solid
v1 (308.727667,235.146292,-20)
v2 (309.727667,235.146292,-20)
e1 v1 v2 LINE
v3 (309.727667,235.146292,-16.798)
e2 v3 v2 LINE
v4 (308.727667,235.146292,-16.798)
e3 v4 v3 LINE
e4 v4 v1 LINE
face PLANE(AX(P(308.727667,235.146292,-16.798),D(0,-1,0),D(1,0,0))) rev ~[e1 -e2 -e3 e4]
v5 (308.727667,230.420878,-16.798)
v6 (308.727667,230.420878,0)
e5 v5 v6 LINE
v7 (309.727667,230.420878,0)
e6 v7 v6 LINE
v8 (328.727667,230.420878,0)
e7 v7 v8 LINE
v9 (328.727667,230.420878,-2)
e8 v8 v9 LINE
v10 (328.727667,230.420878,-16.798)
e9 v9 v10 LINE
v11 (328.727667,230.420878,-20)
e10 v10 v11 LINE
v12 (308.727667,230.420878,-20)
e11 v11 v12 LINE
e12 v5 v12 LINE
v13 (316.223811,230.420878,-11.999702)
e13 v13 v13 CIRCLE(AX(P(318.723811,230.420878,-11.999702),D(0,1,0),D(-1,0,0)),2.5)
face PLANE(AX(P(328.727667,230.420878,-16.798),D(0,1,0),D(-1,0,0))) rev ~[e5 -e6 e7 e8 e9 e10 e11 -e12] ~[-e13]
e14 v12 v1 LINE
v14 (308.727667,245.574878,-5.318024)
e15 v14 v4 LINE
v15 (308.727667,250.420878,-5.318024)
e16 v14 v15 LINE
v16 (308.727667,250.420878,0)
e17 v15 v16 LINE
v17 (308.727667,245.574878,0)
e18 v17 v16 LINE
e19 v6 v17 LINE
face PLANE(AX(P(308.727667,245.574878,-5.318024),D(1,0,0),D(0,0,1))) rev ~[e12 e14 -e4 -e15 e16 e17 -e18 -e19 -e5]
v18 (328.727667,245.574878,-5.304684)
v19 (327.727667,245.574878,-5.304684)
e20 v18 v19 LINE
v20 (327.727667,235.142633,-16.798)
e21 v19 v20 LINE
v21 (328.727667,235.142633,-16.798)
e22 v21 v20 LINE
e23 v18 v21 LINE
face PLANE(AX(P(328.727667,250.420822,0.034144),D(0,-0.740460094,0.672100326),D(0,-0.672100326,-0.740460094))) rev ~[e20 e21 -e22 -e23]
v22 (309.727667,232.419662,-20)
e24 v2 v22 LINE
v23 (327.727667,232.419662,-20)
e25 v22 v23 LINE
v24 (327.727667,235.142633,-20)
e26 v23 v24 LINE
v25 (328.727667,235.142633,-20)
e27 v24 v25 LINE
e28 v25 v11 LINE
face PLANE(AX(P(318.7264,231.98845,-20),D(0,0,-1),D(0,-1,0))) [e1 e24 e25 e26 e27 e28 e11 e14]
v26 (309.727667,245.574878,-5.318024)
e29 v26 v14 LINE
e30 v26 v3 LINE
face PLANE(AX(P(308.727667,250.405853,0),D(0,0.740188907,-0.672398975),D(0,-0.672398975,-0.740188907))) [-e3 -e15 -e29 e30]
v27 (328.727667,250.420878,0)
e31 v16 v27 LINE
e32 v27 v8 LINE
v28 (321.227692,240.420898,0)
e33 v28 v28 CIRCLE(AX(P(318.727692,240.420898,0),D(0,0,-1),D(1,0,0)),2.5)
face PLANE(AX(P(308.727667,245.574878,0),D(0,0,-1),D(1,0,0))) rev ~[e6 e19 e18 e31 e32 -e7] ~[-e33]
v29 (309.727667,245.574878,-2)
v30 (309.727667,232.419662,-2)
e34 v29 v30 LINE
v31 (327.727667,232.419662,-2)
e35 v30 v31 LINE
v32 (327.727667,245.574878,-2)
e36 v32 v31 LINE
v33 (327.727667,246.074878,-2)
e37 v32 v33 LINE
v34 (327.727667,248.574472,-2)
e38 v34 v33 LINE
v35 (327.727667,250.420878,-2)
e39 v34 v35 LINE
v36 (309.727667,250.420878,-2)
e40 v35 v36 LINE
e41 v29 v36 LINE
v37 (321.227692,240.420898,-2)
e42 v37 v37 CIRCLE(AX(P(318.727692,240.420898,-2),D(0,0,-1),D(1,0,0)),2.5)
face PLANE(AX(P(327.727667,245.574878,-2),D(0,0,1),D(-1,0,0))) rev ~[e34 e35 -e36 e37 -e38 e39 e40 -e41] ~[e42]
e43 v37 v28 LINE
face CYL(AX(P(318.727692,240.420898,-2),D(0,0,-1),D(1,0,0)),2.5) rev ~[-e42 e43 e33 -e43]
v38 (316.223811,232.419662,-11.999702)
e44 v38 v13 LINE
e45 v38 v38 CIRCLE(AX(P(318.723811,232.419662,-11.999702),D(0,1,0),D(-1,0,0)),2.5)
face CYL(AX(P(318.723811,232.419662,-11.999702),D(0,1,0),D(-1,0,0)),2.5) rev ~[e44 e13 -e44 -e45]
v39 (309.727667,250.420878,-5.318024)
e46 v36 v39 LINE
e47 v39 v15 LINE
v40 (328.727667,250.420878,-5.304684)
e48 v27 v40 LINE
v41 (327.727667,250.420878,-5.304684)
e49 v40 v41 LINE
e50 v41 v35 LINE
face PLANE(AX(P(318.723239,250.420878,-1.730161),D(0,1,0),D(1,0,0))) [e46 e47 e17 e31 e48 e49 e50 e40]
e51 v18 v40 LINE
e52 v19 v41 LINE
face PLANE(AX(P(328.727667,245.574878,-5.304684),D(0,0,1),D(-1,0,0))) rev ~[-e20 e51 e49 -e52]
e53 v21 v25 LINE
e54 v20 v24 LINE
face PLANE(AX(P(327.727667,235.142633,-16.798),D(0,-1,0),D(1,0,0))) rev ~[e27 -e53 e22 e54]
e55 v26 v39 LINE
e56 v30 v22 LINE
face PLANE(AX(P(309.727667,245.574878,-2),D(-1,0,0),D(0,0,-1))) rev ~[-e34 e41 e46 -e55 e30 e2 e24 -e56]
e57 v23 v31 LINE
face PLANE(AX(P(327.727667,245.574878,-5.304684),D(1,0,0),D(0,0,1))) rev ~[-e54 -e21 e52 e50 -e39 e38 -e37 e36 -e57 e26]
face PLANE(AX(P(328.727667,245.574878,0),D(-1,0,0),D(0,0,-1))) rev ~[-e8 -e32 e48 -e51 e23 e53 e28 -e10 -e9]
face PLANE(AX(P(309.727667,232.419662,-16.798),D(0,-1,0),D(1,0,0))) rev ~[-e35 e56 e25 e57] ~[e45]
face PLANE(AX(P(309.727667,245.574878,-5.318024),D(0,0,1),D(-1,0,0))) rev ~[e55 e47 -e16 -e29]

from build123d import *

# Parameters (mm, degrees)
SKETCH_W           = 20
SKETCH_H           = 20
PAD_DEPTH          = 2
SKETCH001_W        = 21.291687
SKETCH001_H        = 2
PAD001_DEPTH       = 20
POCKET_DEPTH       = 43
PAD002_DEPTH       = 1
PAD003_DEPTH       = 1
SKETCH004_R        = 2.5
POCKET001_DEPTH    = 5
SKETCH005_R        = 2.5
POCKET002_DEPTH    = 5
POCKET003_DEPTH    = 5
POCKET003_FACE1_W  = 20
POCKET003_FACE1_H  = 2
POCKET004_DEPTH    = 1.846
POCKET005_DEPTH    = 2.202
POCKET006_DEPTH    = 5
SKETCH006_W        = 32.068451
SKETCH006_H        = 15.041733
POCKET007_DEPTH    = 5
POCKET008_DEPTH    = 2
POCKET009_DEPTH    = 2
POCKET010_DEPTH    = 0.5
POCKET011_DEPTH    = 0.5
POCKET011_FACE18_W = 2.5141439852
POCKET011_FACE18_H = 1
POCKET012_DEPTH    = 5
POCKET012_FACE12_W = 1
POCKET012_FACE12_H = 2.5
POCKET013_DEPTH    = 5
POCKET014_DEPTH    = 0.5
POCKET014_FACE5_W  = 1
POCKET014_FACE5_H  = 0.5
POCKET015_DEPTH    = 5
POCKET016_DEPTH    = 0.5
POCKET016_FACE4_W  = 0.5
POCKET016_FACE4_H  = 1
POCKET017_DEPTH    = 7.2
PAD004_DEPTH       = 3.202
PAD005_DEPTH       = 4.846


with BuildPart() as part:
    # Sketch → Pad (new body)
    with BuildSketch(Plane.XY):
        with Locations((318.7276667125, 240.4208782875)):
            Rectangle(SKETCH_W, SKETCH_H)
    extrude(amount=-PAD_DEPTH)

    # Sketch001 (on Face6 of Pad) → Pad001 (join)
    with BuildSketch(Plane(origin=(0, 0, -2), x_dir=(1, 0, 0), z_dir=(0, 0, -1))):
        with Locations((319.1250915, -231.419662)):
            Rectangle(SKETCH001_W, SKETCH001_H)
    extrude(amount=PAD001_DEPTH)

    # Pad001 Face5 → Pocket (cut)
    with BuildSketch(Plane(origin=(325.2175581813, 231.4103392408, -2), x_dir=(0, 1, 0), z_dir=(0, 0, 1))):
        Polygon((1.0093227592, 16.7383101813), (-0.9906772408, 16.7383101813), (-0.9906772408, -4.5533768187), (1.0093227592, -4.5533768187), (1.0093227592, -3.5101085312), (-0.9894609532, -3.5101085312), (-0.9894609532, 16.4898914688), (1.0093227592, 16.4898914688), align=None)
    extrude(amount=-POCKET_DEPTH, mode=Mode.SUBTRACT)

    # Sketch002 (on Face7 of Pocket) → Pad002 (join)
    with BuildSketch(Plane(origin=(308.7276667125, 0, 0), x_dir=(0, -1, 0), z_dir=(-1, 0, 0))):
        Polygon((-250.405853, 0), (-230.420715, -22), (-230.420715, 0), align=None)
    extrude(amount=-PAD002_DEPTH)

    # Sketch003 (on Face2 of Pad002) → Pad003 (join)
    with BuildSketch(Plane.YZ.offset(328.7276667125)):
        Polygon((230.420883, 0.034144), (250.420822, 0.034144), (230.420883, -22.000002), align=None)
    extrude(amount=-PAD003_DEPTH)

    # Sketch004 (on Face6 of Pad003) → Pocket001 (cut)
    with BuildSketch(Plane(origin=(0, 232.419662, 0), x_dir=(-1, 0, 0), z_dir=(0, 1, 0))):
        with Locations((-318.723811, -11.999702)):
            Circle(SKETCH004_R)
    extrude(amount=-POCKET001_DEPTH, mode=Mode.SUBTRACT)

    # Sketch005 (on Face5 of Pocket001) → Pocket002 (cut)
    with BuildSketch(Plane(origin=(0, 0, -2), x_dir=(1, 0, 0), z_dir=(0, 0, -1))):
        with Locations((318.727692, -240.420898)):
            Circle(SKETCH005_R)
    extrude(amount=-POCKET002_DEPTH, mode=Mode.SUBTRACT)

    # Pocket002 Face19 → Pocket003 (cut)
    with BuildSketch(Plane(origin=(327.7276667125, 240.4131065518, 0.0170764125), x_dir=(0, 1, 0), z_dir=(-1, 0, 0))):
        Polygon((-9.9922235518, -0.0170675875), (10.0077154482, -0.0170675875), (9.976723645, 0.0170764125), (-9.9922235518, 0.0170764125), align=None)
    extrude(amount=-POCKET003_DEPTH, mode=Mode.SUBTRACT)

    # Pocket003 Face1 → Pocket004 (cut)
    with BuildSketch(Plane(origin=(318.7276667125, 250.4208782875, -1), x_dir=(1, 0, 0), z_dir=(0, 1, 0))):
        Rectangle(POCKET003_FACE1_W, POCKET003_FACE1_H)
    extrude(amount=-POCKET004_DEPTH, mode=Mode.SUBTRACT)

    # Pocket004 Face7 → Pocket005 (cut)
    with BuildSketch(Plane(origin=(318.7276662811, 231.4202701891, -22), x_dir=(0, -1, 0), z_dir=(0, 0, -1))):
        Polygon((-0.9993918109, 9.9999995686), (-0.9993918109, -10.0000004314), (0.9993853738, -10.0000004314), (0.9993853738, -9.0000004314), (0.9993871891, -9.0000004314), (0.9993871891, -10.0000004314), (0.9993919016, -10.0000004314), (0.9993919016, 9.9999995686), align=None)
    extrude(amount=-POCKET005_DEPTH, mode=Mode.SUBTRACT)

    # Pocket005 Face11 → Pocket006 (cut)
    with BuildSketch(Plane(origin=(309.7276667125, 230.4207966437, -10.9999550626), x_dir=(0, -1, 0), z_dir=(1, 0, 0))):
        Polygon((-8.16439e-05, 10.9998651876), (-8.16439e-05, 8.7980449374), (-8.16439e-05, -10.9999550626), (8.16437e-05, -10.9999550626), (8.16437e-05, 11.0000449374), align=None)
    extrude(amount=-POCKET006_DEPTH, mode=Mode.SUBTRACT)

    # Sketch006 (on Face7 of Pocket006) → Pocket007 (cut)
    with BuildSketch(Plane(origin=(0, 0, -19.798), x_dir=(1, 0, 0), z_dir=(0, 0, -1))):
        with Locations((318.3954625, -232.1317065)):
            Rectangle(SKETCH006_W, SKETCH006_H)
    extrude(amount=POCKET007_DEPTH, mode=Mode.SUBTRACT)

    # Pocket007 Face15 → Pocket008 (cut)
    with BuildSketch(Plane(origin=(318.7273379116, 231.4203047573, -19.798), x_dir=(0, -1, 0), z_dir=(0, 0, -1))):
        Polygon((-0.9993572427, 8.9996711991), (-0.9993572427, -10.0003288009), (0.9994264698, -10.0003288009), (0.9994264698, 9.9996711991), (-1.0007408734, 9.9996711991), (-1.0007408734, 8.9996711991), align=None)
    extrude(amount=-POCKET008_DEPTH, mode=Mode.SUBTRACT)

    # Pocket008 Face3 → Pocket009 (cut)
    with BuildSketch(Plane(origin=(318.7276667125, 248.5748782875, -1), x_dir=(1, 0, 0), z_dir=(0, 1, 0))):
        Polygon((10, -1), (10, 1), (-9, 1), (-10, 1), (-10, -1), align=None)
    extrude(amount=-POCKET009_DEPTH, mode=Mode.SUBTRACT)

    # Pocket009 Face7 → Pocket010 (cut)
    with BuildSketch(Plane(origin=(318.7273379116, 231.4203047573, -17.798), x_dir=(0, -1, 0), z_dir=(0, 0, -1))):
        Polygon((-0.9993572427, 8.9996711991), (-0.9993572427, -9.0003288009), (-0.9993572427, -10.0003288009), (0.9994264698, -10.0003288009), (0.9994264698, 9.9996711991), (-1.0007408734, 9.9996711991), (-1.0007408734, 8.9996711991), align=None)
    extrude(amount=-POCKET010_DEPTH, mode=Mode.SUBTRACT)

    # Pocket010 Face3 → Pocket011 (cut)
    with BuildSketch(Plane(origin=(318.7276667125, 246.5748782875, -1), x_dir=(1, 0, 0), z_dir=(0, 1, 0))):
        Polygon((10, -1), (10, 1), (9, 1), (-9, 1), (-10, 1), (-10, -1), align=None)
    extrude(amount=-POCKET011_DEPTH, mode=Mode.SUBTRACT)

    # Pocket011 Face18 → Pocket012 (cut)
    with BuildSketch(Plane(origin=(309.2276667125, 247.3319502801, -2), x_dir=(0, 1, 0), z_dir=(0, 0, 1))):
        Rectangle(POCKET011_FACE18_W, POCKET011_FACE18_H)
    extrude(amount=-POCKET012_DEPTH, mode=Mode.SUBTRACT)

    # Pocket012 Face12 → Pocket013 (cut)
    with BuildSketch(Plane(origin=(309.2276667125, 232.4210456307, -18.548), x_dir=(-1, 0, 0), z_dir=(0, -1, 0))):
        Rectangle(POCKET012_FACE12_W, POCKET012_FACE12_H)
    extrude(amount=-POCKET013_DEPTH, mode=Mode.SUBTRACT)

    # Pocket013 Face14 → Pocket014 (cut)
    with BuildSketch(Plane(origin=(318.7269644137, 231.6380559444, -17.298), x_dir=(0, -1, 0), z_dir=(0, 0, -1))):
        Polygon((-3.0507371065, -10.0007022988), (1.2171776569, -10.0007022988), (1.2171776569, 9.9992977012), (-3.0540280954, 9.9992977012), (-3.0540280954, 8.9992977012), (-0.7816060556, 8.9992977012), (-0.7816060556, -9.0007022988), (-3.0507371065, -9.0007022988), align=None)
    extrude(amount=-POCKET014_DEPTH, mode=Mode.SUBTRACT)

    # Pocket014 Face5 → Pocket015 (cut)
    with BuildSketch(Plane(origin=(328.2276667125, 234.688793051, -17.048), x_dir=(-1, 0, 0), z_dir=(0, -1, 0))):
        Rectangle(POCKET014_FACE5_W, POCKET014_FACE5_H)
    extrude(amount=-POCKET015_DEPTH, mode=Mode.SUBTRACT)

    # Pocket015 Face3 → Pocket016 (cut)
    with BuildSketch(Plane(origin=(318.7247895723, 246.0748782875, -1.2887227346), x_dir=(1, 0, 0), z_dir=(0, 1, 0))):
        Polygon((10.0028771402, -1.2887227346), (10.0028771402, 3.4651057821), (9.0028771402, 3.4651057821), (9.0028771402, 0.7112772654), (-8.9971228598, 0.7112772654), (-8.9971228598, 3.4788922638), (-9.9971228598, 3.4788922638), (-9.9971228598, -1.2887227346), align=None)
    extrude(amount=-POCKET016_DEPTH, mode=Mode.SUBTRACT)

    # Pocket016 Face4 → Pocket017 (cut)
    with BuildSketch(Plane(origin=(328.2276667125, 245.8248782875, -4.7538285167), x_dir=(0, 1, 0), z_dir=(0, 0, 1))):
        Rectangle(POCKET016_FACE4_W, POCKET016_FACE4_H)
    extrude(amount=-POCKET017_DEPTH, mode=Mode.SUBTRACT)

    # Pocket017 Face4 → Pad004 (add)
    with BuildSketch(Plane(origin=(318.7269014881, 231.7036107724, -16.798), x_dir=(0, -1, 0), z_dir=(0, 0, -1))):
        Polygon((-3.4390219463, -10.0007652244), (1.2827324849, -10.0007652244), (1.2827324849, 9.9992347756), (-3.4426809492, 9.9992347756), (-3.4426809492, 8.9992347756), (-0.7160512276, 8.9992347756), (-0.7160512276, -9.0007652244), (-3.4390219463, -9.0007652244), align=None)
    extrude(amount=PAD004_DEPTH)

    # Pad004 Face2 → Pad005 (add)
    with BuildSketch(Plane(origin=(318.7249484764, 245.5748782875, -1.3772371444), x_dir=(1, 0, 0), z_dir=(0, 1, 0))):
        Polygon((10.002718236, -1.3772371444), (10.002718236, 3.9274467025), (9.002718236, 3.9274467025), (9.002718236, 0.6227628556), (-8.997281764, 0.6227628556), (-8.997281764, 3.940786863), (-9.997281764, 3.940786863), (-9.997281764, -1.3772371444), align=None)
    extrude(amount=PAD005_DEPTH)


solid = part.part
